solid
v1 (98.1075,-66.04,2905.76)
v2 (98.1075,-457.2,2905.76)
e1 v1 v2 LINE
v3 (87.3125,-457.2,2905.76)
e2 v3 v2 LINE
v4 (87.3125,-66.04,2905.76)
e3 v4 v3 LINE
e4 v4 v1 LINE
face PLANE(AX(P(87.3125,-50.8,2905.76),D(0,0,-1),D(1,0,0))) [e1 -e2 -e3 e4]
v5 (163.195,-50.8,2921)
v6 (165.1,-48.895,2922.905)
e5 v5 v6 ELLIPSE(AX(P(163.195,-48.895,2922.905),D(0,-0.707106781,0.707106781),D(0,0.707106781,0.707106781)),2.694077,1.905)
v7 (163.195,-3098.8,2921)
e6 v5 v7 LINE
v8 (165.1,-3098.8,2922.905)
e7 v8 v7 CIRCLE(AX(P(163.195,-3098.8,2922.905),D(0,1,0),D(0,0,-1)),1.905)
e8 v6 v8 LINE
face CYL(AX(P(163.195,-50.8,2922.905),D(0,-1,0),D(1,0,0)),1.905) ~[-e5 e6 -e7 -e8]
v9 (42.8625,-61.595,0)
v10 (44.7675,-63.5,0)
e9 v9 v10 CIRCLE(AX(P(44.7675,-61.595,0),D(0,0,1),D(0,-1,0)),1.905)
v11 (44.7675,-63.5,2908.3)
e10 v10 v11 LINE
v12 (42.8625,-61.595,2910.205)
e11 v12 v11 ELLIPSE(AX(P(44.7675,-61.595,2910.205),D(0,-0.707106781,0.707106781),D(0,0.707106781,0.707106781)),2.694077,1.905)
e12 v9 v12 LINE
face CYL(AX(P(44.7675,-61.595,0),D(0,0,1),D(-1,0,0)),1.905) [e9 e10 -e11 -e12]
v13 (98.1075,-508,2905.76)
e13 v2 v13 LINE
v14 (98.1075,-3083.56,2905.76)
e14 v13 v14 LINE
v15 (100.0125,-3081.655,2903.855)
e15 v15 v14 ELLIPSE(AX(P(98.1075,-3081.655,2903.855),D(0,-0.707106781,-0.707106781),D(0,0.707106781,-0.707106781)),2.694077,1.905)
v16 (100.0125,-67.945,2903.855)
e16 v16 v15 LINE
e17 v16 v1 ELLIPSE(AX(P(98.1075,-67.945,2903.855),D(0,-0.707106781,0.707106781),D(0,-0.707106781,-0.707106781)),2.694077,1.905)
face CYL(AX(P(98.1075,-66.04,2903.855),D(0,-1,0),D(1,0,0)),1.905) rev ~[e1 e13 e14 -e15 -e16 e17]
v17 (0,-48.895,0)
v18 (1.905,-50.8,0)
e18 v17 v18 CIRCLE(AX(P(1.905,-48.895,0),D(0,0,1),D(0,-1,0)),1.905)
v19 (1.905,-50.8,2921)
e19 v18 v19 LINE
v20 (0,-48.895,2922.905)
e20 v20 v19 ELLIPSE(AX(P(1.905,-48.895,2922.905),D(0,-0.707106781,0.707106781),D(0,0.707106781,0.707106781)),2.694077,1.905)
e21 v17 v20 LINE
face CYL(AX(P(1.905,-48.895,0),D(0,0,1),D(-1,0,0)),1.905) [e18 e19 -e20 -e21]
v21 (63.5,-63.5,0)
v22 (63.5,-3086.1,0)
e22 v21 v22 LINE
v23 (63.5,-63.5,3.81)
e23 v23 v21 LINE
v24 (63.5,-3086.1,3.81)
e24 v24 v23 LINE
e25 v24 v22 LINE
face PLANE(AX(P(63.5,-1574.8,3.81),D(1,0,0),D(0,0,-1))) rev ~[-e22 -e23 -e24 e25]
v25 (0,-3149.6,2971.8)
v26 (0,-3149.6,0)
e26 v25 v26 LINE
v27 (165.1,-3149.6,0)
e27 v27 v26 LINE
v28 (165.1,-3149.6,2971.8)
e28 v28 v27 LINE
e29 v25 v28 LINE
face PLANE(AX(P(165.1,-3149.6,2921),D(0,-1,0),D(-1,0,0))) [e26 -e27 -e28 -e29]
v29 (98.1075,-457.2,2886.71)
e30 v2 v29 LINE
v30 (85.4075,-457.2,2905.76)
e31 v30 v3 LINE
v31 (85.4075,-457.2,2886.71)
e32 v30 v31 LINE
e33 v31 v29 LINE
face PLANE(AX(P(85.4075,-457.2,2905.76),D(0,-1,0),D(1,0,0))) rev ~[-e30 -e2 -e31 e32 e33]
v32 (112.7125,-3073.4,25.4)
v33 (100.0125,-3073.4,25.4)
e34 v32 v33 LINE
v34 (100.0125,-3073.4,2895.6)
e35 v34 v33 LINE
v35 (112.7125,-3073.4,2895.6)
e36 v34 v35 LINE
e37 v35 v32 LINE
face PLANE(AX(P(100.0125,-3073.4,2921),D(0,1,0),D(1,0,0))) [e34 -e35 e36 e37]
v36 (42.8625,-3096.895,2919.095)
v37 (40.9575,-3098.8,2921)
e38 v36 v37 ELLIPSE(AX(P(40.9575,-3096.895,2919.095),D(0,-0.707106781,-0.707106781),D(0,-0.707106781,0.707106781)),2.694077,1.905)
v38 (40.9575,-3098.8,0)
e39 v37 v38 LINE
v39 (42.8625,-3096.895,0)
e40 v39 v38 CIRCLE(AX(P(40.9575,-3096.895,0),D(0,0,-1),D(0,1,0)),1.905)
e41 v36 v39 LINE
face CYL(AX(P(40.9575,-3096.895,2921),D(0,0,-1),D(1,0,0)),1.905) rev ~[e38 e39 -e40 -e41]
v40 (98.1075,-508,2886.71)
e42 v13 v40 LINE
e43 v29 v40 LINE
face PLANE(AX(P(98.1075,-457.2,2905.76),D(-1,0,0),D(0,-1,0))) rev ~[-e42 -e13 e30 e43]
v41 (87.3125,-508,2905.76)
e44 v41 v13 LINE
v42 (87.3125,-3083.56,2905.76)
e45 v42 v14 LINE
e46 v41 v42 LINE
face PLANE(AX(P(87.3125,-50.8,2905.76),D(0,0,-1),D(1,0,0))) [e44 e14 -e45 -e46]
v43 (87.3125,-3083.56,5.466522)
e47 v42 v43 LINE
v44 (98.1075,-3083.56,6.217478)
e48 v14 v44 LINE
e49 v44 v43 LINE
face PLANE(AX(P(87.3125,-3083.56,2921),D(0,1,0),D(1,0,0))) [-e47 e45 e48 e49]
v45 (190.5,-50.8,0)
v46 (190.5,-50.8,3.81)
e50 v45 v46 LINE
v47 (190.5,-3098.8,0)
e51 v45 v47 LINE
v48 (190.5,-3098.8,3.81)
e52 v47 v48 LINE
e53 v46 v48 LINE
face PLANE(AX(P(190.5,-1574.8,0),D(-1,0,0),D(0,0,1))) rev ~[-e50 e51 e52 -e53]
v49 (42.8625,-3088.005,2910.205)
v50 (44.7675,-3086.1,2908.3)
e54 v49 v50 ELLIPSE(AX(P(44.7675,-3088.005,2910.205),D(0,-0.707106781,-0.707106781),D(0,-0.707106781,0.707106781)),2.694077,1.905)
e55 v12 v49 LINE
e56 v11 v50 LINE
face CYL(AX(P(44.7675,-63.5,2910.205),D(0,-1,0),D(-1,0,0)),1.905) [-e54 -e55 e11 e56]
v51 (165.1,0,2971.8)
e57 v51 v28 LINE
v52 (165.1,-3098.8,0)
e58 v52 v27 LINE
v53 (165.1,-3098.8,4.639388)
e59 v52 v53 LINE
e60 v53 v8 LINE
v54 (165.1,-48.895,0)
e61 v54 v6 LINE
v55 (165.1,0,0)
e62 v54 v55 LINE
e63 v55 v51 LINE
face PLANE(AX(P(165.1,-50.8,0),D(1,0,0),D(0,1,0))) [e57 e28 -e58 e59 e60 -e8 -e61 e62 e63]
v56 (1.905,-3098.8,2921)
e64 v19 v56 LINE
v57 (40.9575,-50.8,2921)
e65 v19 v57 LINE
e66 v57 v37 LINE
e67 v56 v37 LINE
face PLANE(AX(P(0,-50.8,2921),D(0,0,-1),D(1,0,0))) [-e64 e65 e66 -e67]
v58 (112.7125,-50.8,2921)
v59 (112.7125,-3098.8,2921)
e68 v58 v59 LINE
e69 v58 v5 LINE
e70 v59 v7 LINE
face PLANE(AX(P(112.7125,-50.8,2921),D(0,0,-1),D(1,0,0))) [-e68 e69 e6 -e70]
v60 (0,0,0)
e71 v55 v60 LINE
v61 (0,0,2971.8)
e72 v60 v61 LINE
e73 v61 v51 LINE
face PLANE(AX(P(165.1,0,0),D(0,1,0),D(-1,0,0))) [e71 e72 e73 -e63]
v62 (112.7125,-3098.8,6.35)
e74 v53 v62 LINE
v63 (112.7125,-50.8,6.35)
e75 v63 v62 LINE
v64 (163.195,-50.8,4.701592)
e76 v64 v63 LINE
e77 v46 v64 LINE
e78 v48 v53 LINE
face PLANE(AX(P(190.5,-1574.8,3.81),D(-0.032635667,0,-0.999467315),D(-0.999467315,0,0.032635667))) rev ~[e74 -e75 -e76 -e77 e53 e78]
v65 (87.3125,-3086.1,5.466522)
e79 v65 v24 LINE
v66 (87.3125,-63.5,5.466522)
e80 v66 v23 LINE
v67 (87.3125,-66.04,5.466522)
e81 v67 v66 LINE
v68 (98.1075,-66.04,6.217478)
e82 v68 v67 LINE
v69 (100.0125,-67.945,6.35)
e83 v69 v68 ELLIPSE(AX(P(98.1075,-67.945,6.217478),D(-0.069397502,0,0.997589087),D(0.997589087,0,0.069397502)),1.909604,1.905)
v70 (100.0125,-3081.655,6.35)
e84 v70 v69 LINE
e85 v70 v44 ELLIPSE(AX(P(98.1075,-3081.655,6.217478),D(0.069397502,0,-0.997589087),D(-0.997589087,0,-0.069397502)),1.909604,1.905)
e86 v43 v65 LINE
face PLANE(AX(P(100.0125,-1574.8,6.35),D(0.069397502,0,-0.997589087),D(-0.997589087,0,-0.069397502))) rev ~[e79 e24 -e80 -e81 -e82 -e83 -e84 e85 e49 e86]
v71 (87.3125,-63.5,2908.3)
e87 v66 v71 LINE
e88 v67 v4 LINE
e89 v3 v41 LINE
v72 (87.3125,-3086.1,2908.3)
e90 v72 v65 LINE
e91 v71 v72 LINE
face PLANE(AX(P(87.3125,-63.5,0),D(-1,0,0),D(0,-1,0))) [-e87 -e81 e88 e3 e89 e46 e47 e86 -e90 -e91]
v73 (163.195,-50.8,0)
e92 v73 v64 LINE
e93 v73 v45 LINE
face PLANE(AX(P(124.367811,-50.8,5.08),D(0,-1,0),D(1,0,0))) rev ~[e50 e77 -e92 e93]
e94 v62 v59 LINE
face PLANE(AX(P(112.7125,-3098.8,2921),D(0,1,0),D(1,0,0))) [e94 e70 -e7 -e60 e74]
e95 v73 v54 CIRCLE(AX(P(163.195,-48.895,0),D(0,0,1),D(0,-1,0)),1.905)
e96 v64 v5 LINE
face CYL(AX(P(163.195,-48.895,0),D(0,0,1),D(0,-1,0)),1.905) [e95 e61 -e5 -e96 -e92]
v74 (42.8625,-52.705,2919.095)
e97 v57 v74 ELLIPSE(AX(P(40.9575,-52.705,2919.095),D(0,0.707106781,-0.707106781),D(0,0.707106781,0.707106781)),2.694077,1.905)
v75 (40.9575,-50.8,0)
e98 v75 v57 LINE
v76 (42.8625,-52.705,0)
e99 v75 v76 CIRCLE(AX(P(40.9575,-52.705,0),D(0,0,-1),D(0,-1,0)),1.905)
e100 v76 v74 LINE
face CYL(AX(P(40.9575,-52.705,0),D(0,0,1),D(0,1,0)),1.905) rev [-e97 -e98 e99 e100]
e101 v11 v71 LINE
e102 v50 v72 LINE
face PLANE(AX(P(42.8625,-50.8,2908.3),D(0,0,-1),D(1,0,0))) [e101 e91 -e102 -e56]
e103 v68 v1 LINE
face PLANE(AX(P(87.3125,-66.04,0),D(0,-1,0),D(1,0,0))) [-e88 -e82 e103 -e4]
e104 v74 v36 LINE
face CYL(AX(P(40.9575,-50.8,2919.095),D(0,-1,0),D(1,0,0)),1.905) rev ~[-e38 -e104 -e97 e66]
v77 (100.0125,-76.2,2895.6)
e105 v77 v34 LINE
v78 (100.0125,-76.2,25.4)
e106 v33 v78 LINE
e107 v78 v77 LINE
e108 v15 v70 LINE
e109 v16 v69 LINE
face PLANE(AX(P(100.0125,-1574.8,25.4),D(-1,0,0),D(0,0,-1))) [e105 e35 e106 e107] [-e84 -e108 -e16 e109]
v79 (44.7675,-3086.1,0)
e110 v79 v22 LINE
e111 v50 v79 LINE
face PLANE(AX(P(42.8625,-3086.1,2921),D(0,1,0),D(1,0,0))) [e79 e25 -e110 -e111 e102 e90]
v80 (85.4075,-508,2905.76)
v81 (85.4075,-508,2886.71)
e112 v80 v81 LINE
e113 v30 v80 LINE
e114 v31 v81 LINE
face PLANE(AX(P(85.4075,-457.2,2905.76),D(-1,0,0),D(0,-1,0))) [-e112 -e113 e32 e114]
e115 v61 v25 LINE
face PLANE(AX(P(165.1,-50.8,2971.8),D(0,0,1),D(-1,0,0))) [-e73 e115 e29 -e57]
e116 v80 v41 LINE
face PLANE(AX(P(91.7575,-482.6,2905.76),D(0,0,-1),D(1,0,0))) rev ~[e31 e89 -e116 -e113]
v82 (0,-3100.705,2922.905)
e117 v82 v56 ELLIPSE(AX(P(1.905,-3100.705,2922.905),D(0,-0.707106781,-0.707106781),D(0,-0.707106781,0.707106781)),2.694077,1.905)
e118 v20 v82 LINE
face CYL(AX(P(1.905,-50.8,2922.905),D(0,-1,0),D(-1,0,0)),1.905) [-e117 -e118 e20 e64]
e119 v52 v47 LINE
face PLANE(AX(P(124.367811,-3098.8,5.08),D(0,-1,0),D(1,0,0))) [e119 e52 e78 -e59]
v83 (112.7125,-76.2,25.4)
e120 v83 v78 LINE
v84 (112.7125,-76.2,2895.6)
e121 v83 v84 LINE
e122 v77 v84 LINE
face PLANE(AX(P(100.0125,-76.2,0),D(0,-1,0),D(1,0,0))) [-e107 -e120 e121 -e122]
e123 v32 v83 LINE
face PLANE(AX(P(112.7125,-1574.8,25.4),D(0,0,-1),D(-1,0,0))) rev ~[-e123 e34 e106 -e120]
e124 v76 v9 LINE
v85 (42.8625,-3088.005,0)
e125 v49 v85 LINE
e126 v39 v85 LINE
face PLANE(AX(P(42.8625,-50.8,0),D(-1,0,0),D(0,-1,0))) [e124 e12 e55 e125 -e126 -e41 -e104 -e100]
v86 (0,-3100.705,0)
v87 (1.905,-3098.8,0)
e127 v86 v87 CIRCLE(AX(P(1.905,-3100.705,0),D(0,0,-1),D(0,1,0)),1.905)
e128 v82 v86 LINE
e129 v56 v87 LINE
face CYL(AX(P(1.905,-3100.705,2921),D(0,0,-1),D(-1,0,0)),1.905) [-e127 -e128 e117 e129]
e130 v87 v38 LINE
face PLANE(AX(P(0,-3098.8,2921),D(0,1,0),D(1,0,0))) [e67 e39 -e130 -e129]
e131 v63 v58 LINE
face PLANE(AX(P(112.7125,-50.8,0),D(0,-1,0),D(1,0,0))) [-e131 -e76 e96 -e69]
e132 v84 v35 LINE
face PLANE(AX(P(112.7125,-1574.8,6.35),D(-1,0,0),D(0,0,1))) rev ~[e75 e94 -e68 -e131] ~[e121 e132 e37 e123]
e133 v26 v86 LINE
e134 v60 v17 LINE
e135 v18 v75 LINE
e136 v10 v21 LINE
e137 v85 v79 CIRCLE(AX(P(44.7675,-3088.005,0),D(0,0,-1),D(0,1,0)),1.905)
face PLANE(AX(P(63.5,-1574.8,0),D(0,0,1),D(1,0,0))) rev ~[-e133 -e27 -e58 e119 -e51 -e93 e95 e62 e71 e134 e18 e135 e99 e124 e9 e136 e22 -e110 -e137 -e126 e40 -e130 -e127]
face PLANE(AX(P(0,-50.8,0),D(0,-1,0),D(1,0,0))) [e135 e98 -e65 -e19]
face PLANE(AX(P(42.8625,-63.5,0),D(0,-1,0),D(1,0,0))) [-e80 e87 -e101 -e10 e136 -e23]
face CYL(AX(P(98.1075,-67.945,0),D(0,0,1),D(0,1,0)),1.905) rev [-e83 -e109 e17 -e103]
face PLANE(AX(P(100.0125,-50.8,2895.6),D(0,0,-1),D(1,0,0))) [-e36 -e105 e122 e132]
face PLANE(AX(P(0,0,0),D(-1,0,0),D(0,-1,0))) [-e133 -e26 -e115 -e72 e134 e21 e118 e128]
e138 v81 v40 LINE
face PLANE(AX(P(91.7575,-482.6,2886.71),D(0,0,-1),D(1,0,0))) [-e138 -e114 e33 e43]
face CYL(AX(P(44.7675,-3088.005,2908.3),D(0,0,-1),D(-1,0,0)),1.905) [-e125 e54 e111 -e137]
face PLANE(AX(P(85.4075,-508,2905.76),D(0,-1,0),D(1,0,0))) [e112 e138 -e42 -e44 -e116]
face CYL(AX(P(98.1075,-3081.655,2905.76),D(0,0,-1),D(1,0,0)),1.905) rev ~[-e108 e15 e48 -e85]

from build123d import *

# Parameters (mm, degrees)
F3_R          = 1.905
F6_DEPTH      = 1524
F6_DEPTH_BACK = 1524
F7_W          = 12.7
F7_H          = 50.8
F8_DEPTH      = 19.05


with BuildPart() as f2:
    # F2: sweep along a path in F1
    with BuildLine(Plane.YZ) as f2_path:
        Line((-50.8, 0), (-50.8, 2921))
        Line((-50.8, 2921), (-3098.8, 2921))
        Line((-3098.8, 2921), (-3098.8, 0))
    # F0 (on Top) → F2 (sweep)
    with BuildSketch(Plane.XY):
        Polygon((165.1, 0), (0, 0), (0, -50.8), (42.8625, -50.8), (42.8625, -63.5), (87.3125, -63.5), (87.3125, -66.04), (100.0125, -66.04), (100.0125, -76.2), (112.7125, -76.2), (112.7125, -50.8), (165.1, -50.8), align=None)
    sweep(path=f2_path.line, transition=Transition.RIGHT)

    # F3
    f3_edges = [f2.edges().sort_by_distance(p)[0] for p in [
        (0, -50.8, 1460.5),
        (42.8625, -50.8, 1460.5),
        (42.8625, -63.5, 1454.15),
        (165.1, -50.8, 1460.5),
        (165.1, -1574.8, 2921),
        (0, -1574.8, 2921),
        (42.8625, -1574.8, 2921),
        (42.8625, -1574.8, 2908.3),
        (0, -3098.8, 1460.5),
        (42.8625, -3098.8, 1460.5),
        (42.8625, -3086.1, 1454.15),
        (100.0125, -3083.56, 1452.88),
        (100.0125, -1574.8, 2905.76),
        (100.0125, -66.04, 1452.88),
    ]]
    fillet(f3_edges, radius=F3_R)

    # F5 (on mid) → F6 (join, two sides)
    with BuildSketch(Plane.XZ.offset(1574.8)) as f6_sk:
        Polygon((63.5, 3.81), (63.5, 0), (190.5, 0), (190.5, 3.81), (112.7125, 6.35), (112.7125, 25.4), (100.0125, 25.4), (100.0125, 6.35), align=None)
    extrude(amount=-F6_DEPTH)
    extrude(f6_sk.sketch, amount=F6_DEPTH_BACK)

    # F7 (on face) → F8 (join)
    with BuildSketch(Plane(origin=(0, 0, 2905.76), x_dir=(1, 0, 0), z_dir=(0, 0, -1))):
        with Locations((91.7575, 482.6)):
            Rectangle(F7_W, F7_H)
    extrude(amount=F8_DEPTH)


solid = f2.part
